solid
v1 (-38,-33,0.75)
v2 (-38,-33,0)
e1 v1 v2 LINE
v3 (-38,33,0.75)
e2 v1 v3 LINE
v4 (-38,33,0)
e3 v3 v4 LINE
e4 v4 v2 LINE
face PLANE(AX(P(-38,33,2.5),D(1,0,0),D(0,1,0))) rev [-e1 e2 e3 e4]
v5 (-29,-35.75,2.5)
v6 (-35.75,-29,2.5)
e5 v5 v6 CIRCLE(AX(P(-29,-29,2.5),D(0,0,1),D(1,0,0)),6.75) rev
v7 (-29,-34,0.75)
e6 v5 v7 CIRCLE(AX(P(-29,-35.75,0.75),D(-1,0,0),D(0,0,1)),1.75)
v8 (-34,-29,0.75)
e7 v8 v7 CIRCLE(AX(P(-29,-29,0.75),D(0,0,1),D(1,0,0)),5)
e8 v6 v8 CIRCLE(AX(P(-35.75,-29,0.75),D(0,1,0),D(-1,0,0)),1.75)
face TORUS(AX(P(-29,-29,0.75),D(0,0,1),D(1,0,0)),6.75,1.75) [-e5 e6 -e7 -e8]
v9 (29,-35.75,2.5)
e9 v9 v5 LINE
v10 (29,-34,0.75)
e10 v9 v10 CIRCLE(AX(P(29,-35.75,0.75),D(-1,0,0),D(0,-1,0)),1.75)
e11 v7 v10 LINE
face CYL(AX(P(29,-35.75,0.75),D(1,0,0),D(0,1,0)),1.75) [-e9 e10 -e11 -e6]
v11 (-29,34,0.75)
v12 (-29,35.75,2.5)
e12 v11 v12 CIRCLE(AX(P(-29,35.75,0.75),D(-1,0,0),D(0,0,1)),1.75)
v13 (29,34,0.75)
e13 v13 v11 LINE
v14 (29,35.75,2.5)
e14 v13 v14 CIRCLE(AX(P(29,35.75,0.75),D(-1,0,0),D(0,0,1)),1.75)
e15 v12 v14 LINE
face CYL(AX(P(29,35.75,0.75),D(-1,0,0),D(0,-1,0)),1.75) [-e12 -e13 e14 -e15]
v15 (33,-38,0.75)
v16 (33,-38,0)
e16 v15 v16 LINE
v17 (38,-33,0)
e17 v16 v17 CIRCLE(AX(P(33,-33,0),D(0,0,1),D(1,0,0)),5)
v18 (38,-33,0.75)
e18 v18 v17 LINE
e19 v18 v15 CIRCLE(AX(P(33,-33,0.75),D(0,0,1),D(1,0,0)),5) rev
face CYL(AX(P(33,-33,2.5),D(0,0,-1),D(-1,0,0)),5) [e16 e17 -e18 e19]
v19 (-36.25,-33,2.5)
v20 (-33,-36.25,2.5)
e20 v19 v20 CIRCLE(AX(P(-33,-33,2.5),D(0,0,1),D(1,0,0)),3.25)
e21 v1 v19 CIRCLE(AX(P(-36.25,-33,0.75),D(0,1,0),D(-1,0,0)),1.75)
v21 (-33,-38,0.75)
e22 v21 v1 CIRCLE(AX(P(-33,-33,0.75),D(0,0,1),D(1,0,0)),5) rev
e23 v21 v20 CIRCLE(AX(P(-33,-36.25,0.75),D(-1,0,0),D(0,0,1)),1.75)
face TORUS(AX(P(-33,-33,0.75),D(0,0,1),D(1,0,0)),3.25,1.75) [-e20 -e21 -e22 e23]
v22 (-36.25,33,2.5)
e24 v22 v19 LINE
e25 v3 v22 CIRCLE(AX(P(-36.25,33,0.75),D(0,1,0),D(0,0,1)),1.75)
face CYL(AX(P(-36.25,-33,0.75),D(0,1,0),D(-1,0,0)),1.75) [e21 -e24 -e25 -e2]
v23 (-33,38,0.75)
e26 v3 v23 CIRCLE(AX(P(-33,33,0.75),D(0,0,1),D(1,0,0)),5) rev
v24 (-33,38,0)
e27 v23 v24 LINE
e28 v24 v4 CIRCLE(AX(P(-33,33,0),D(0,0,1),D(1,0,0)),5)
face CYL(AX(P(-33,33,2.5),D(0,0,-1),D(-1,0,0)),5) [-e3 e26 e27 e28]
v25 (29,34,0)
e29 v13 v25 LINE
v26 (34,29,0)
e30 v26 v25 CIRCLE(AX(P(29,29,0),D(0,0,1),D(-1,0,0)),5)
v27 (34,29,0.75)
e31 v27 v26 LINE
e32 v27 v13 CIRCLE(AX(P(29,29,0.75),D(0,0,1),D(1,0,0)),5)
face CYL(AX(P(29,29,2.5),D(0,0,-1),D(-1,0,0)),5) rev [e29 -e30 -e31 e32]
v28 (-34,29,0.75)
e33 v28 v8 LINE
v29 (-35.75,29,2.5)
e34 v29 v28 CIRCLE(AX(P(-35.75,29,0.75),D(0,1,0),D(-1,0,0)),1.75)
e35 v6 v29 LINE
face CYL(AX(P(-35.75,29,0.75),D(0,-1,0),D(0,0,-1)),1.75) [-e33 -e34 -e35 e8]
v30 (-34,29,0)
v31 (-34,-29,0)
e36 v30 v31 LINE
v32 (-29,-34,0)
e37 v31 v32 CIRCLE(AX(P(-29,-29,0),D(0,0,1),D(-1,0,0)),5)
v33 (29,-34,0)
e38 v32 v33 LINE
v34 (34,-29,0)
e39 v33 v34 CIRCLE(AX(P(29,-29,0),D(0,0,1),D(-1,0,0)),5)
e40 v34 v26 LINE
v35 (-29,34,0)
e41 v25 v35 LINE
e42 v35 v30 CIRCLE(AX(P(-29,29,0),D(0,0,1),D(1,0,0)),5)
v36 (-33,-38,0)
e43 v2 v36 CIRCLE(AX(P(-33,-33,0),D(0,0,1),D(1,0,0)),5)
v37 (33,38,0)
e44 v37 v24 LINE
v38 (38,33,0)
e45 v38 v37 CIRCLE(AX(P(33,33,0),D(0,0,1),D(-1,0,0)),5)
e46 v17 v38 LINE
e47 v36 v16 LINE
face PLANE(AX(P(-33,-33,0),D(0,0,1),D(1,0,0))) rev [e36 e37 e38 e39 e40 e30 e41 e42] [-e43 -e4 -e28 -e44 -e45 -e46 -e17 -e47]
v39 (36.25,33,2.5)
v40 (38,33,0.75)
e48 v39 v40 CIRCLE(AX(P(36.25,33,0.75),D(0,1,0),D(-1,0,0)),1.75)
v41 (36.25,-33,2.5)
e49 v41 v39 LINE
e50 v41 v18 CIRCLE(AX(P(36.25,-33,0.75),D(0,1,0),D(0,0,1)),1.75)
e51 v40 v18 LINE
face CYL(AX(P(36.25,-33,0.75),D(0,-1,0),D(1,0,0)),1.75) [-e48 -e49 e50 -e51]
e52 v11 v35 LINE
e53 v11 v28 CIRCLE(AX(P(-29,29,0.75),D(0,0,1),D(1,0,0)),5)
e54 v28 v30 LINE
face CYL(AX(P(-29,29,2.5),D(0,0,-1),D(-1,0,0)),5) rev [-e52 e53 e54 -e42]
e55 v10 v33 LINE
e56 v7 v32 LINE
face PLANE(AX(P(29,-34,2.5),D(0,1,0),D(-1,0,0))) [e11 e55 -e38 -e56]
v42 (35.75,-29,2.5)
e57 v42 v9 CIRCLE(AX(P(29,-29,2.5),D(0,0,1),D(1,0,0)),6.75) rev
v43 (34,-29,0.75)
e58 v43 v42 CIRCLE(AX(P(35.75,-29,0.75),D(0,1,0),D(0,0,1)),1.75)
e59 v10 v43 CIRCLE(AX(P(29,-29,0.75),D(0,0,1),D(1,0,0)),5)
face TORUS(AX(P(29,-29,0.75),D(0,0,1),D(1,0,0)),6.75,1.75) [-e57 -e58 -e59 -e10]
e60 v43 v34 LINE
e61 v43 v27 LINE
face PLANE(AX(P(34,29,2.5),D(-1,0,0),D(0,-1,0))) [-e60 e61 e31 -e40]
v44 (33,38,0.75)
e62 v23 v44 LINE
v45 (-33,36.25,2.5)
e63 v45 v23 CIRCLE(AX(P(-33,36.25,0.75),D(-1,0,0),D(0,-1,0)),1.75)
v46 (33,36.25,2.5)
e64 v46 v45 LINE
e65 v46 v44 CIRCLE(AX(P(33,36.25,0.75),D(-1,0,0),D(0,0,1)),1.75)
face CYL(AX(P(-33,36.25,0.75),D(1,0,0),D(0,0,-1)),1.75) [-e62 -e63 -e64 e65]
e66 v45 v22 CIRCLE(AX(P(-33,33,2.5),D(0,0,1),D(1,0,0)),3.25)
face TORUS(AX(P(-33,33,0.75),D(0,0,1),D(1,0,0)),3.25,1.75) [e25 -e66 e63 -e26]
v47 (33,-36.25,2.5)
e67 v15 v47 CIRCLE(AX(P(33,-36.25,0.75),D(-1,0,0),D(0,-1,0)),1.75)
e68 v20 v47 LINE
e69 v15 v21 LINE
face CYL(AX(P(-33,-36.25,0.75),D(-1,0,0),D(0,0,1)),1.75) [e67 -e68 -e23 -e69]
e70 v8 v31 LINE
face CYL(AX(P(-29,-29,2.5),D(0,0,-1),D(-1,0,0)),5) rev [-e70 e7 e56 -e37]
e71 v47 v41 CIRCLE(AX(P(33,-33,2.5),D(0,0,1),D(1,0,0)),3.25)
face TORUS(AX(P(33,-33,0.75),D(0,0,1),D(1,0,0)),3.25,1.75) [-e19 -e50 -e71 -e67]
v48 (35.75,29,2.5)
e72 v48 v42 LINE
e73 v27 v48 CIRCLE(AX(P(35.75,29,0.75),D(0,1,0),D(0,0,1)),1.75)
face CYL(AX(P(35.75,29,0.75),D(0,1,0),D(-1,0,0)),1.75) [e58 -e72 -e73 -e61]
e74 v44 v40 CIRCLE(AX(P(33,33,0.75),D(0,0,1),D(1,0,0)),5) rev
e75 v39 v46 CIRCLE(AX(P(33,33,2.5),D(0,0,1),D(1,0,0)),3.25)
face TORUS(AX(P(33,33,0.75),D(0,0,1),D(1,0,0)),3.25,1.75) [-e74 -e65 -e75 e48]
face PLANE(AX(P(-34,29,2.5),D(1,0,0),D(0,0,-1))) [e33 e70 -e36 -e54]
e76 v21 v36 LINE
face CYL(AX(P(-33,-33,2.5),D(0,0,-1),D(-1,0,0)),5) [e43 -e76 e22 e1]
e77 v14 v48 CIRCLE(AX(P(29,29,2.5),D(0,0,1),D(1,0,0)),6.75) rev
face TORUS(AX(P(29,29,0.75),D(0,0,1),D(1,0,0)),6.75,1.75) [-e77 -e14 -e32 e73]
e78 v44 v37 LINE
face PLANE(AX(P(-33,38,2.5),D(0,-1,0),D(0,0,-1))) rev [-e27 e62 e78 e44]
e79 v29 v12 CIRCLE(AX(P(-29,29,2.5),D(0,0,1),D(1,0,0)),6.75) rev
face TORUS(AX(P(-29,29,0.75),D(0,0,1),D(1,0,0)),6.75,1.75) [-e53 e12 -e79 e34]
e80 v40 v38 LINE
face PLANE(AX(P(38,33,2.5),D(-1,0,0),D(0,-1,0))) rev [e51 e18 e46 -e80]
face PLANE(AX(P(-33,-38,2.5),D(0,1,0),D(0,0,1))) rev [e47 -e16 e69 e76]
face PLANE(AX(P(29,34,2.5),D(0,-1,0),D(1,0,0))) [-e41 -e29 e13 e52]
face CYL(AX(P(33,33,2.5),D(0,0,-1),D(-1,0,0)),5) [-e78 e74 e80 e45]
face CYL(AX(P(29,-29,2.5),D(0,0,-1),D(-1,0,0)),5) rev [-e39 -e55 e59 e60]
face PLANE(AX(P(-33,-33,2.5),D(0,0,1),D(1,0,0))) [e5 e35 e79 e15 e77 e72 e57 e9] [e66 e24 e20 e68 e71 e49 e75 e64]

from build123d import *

# Parameters (mm, degrees)
BOSS_EXTRUDE1_DEPTH = 2.5
FILLET1_R           = 1.75


with BuildPart() as part:
    # Sketch1 → Boss-Extrude1 (new body)
    with BuildSketch(Plane.XY):
        with BuildLine():
            Line((-33, 38), (33, 38))
            ThreePointArc((33, 38), (36.535533906, 36.535533906), (38, 33))
            Line((38, 33), (38, -33))
            ThreePointArc((38, -33), (36.535533906, -36.535533906), (33, -38))
            Line((33, -38), (-33, -38))
            ThreePointArc((-33, -38), (-36.535533906, -36.535533906), (-38, -33))
            Line((-38, -33), (-38, 33))
            ThreePointArc((-38, 33), (-36.535533906, 36.535533906), (-33, 38))
        make_face()
        with BuildLine():
            Line((29, 34), (-29, 34))
            ThreePointArc((-29, 34), (-32.535533906, 32.535533906), (-34, 29))
            Line((-34, 29), (-34, -29))
            ThreePointArc((-34, -29), (-32.535533906, -32.535533906), (-29, -34))
            Line((-29, -34), (29, -34))
            ThreePointArc((29, -34), (32.535533906, -32.535533906), (34, -29))
            Line((34, -29), (34, 29))
            ThreePointArc((34, 29), (32.535533906, 32.535533906), (29, 34))
        make_face(mode=Mode.SUBTRACT)
    extrude(amount=BOSS_EXTRUDE1_DEPTH)

    # Fillet1
    fillet1_edges = [part.edges().sort_by_distance(p)[0] for p in [
        (36.535533906, -36.535533906, 2.5),
        (38, 0, 2.5),
        (36.535533906, 36.535533906, 2.5),
        (0, 38, 2.5),
        (-36.535533906, 36.535533906, 2.5),
        (-38, 0, 2.5),
        (-32.535533906, -32.535533906, 2.5),
        (0, -34, 2.5),
        (32.535533906, -32.535533906, 2.5),
        (34, 0, 2.5),
        (32.535533906, 32.535533906, 2.5),
        (0, 34, 2.5),
        (-32.535533906, 32.535533906, 2.5),
        (-34, 0, 2.5),
        (-36.535533906, -36.535533906, 2.5),
        (0, -38, 2.5),
    ]]
    fillet(fillet1_edges, radius=FILLET1_R)


solid = part.part
